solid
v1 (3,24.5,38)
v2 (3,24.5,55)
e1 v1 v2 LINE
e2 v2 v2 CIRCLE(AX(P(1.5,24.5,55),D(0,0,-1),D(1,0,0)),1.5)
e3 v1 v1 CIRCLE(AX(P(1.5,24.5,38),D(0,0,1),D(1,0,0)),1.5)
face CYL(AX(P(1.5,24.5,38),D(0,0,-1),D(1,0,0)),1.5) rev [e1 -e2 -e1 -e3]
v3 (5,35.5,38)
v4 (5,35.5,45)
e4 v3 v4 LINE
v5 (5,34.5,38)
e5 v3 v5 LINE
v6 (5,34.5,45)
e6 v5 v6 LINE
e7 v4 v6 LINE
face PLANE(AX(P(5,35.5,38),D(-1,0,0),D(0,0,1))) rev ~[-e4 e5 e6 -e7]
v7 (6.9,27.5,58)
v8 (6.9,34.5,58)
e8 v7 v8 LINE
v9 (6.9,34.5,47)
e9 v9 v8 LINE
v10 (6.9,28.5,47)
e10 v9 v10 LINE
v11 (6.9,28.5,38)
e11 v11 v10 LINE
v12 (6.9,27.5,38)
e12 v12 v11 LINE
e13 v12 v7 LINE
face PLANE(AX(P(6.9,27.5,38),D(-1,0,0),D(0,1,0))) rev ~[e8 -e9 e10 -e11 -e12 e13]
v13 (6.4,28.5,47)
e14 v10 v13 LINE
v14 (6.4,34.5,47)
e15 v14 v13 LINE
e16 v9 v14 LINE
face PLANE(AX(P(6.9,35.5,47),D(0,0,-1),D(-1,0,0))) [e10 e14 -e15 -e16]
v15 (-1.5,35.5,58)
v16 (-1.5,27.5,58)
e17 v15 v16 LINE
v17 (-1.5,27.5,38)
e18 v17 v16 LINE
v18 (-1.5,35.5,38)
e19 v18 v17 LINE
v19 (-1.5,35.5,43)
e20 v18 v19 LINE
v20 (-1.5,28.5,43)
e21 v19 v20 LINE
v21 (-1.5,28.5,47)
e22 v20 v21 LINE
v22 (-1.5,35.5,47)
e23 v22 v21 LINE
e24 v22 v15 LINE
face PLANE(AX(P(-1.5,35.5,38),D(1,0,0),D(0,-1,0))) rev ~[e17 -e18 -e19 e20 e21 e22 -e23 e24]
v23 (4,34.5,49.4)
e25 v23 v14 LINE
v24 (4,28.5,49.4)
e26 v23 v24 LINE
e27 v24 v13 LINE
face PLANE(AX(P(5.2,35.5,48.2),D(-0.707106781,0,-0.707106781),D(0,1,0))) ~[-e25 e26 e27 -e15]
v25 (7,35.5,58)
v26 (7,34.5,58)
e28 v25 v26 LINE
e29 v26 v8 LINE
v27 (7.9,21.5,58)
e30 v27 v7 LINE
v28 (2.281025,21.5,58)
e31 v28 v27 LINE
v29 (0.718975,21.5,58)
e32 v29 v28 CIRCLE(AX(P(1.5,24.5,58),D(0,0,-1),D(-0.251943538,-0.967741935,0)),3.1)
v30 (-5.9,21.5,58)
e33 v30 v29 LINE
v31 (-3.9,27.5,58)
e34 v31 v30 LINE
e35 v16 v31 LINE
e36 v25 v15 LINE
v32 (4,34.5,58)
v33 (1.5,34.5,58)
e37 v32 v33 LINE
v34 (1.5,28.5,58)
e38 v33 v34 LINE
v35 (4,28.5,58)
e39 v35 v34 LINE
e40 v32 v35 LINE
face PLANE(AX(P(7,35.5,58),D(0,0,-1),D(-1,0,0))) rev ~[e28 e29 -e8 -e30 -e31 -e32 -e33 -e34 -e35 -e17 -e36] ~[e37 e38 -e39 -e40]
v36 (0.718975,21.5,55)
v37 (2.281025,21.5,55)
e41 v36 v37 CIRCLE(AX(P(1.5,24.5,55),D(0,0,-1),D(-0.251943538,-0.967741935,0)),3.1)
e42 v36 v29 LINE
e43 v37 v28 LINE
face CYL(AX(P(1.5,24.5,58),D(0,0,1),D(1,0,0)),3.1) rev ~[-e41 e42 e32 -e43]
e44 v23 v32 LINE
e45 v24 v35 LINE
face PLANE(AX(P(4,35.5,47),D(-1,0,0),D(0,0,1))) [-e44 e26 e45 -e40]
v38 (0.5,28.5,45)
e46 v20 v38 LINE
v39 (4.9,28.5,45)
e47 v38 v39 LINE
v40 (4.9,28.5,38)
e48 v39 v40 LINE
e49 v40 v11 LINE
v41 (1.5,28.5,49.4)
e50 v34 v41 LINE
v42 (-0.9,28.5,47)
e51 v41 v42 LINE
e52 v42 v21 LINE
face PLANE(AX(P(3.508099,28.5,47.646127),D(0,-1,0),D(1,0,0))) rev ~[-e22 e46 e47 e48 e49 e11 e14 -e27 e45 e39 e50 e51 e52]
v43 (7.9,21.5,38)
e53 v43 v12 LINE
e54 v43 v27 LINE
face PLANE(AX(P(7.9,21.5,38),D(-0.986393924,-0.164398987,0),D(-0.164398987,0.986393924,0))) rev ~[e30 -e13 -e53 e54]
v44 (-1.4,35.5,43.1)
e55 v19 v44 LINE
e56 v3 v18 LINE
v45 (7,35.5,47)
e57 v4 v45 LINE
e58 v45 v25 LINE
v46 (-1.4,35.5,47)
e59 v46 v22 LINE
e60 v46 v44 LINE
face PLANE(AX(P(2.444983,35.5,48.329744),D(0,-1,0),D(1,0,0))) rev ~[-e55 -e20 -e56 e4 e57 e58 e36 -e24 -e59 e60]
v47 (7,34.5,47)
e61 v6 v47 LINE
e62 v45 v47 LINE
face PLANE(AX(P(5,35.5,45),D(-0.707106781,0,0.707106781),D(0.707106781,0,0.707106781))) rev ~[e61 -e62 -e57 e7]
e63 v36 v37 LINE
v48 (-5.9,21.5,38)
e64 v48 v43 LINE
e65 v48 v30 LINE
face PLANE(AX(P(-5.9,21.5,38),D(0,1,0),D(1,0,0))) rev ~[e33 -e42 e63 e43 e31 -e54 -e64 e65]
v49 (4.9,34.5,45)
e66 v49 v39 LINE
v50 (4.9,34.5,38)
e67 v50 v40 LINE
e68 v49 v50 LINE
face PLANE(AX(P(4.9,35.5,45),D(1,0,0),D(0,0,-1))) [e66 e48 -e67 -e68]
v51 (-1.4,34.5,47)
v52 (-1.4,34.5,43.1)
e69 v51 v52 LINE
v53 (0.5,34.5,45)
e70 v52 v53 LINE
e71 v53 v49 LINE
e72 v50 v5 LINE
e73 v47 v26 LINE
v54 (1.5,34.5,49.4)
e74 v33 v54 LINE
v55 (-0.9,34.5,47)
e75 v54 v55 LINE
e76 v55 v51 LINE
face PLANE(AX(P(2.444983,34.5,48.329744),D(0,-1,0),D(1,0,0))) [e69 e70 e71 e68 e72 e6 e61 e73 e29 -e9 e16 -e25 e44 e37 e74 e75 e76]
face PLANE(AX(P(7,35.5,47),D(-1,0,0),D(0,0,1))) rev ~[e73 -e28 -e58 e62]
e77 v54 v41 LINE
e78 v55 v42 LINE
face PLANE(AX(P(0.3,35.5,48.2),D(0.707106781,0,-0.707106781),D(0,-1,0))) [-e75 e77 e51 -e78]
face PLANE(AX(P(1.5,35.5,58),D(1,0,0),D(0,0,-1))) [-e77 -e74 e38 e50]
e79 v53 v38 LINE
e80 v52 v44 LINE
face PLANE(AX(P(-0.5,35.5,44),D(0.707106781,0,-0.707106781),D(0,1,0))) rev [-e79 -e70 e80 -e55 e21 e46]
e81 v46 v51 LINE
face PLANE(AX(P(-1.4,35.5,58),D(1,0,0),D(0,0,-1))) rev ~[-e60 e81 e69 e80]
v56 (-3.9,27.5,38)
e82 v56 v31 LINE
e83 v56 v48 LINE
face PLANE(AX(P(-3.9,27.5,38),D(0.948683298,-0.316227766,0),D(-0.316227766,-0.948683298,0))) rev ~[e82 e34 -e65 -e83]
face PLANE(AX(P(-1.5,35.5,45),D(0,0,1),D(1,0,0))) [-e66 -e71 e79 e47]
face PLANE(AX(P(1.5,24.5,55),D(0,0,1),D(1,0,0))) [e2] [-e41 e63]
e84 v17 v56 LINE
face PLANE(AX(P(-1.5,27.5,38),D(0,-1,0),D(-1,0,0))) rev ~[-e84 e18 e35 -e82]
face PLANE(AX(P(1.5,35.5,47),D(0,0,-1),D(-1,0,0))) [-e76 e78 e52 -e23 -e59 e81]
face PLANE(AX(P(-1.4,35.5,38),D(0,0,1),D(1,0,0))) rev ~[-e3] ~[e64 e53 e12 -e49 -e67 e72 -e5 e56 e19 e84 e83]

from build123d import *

# Parameters (mm, degrees)
SKETCH042_R     = 1.5
PAD016_DEPTH    = 20
SKETCH043_R     = 3.1
POCKET016_DEPTH = 3
POCKET017_DEPTH = 7
CHAMFER010_SIZE = 2.4
CHAMFER011_SIZE = 2
PAD018_DEPTH    = 1


with BuildPart() as part:
    # Sketch042 → Pad016 (new body)
    with BuildSketch(Plane.XY):
        Polygon((-5.9, 0), (7.9, 0), (6.9, 6), (6.9, 14), (-1.5, 14), (-1.5, 6), (-3.9, 6), align=None)
        with Locations((1.5, 3)):
            Circle(SKETCH042_R, mode=Mode.SUBTRACT)
    extrude(amount=PAD016_DEPTH)

    # Sketch043 (on Face10 of Pad016) → Pocket016 (cut)
    with BuildSketch(Plane.XY.offset(20)):
        with Locations((1.5, 3)):
            Circle(SKETCH043_R)
    extrude(amount=-POCKET016_DEPTH, mode=Mode.SUBTRACT)

    # Sketch044 (on Face10 of Pocket016) → Pocket017 (cut)
    with BuildSketch(Plane(origin=(0, 14, 0), x_dir=(-1, 0, 0), z_dir=(0, 1, 0))):
        Polygon((-4, 20), (-1.5, 20), (-1.5, 9), (1.5, 9), (1.5, 7), (-4.9, 7), (-4.9, 0), (-6.9, 0), (-6.9, 9), (-4, 9), align=None)
    extrude(amount=-POCKET017_DEPTH, mode=Mode.SUBTRACT)

    # Chamfer010
    chamfer010_edges = [part.edges().sort_by_distance(p)[0] for p in [
        (4, 10.5, 9),
        (1.5, 10.5, 9),
    ]]
    chamfer(chamfer010_edges, length=CHAMFER010_SIZE)

    # Chamfer011
    chamfer011_edges = [part.edges().sort_by_distance(p)[0] for p in [
        (-1.5, 10.5, 7),
    ]]
    chamfer(chamfer011_edges, length=CHAMFER011_SIZE)

    # Sketch046 (on Face17 of Chamfer011) → Pad018 (join)
    with BuildSketch(Plane(origin=(0, 14, 0), x_dir=(-1, 0, 0), z_dir=(0, 1, 0))):
        Polygon((-7, 20), (1.4, 20), (1.4, 0), (-5, 0), (-5, 7), (-7, 9), align=None)
    extrude(amount=-PAD018_DEPTH)


with BuildPart() as part_1:
    # Body008 placement: moved
    add(part.part.moved(Location((0, 21.5, 38))))


solid = part_1.part
